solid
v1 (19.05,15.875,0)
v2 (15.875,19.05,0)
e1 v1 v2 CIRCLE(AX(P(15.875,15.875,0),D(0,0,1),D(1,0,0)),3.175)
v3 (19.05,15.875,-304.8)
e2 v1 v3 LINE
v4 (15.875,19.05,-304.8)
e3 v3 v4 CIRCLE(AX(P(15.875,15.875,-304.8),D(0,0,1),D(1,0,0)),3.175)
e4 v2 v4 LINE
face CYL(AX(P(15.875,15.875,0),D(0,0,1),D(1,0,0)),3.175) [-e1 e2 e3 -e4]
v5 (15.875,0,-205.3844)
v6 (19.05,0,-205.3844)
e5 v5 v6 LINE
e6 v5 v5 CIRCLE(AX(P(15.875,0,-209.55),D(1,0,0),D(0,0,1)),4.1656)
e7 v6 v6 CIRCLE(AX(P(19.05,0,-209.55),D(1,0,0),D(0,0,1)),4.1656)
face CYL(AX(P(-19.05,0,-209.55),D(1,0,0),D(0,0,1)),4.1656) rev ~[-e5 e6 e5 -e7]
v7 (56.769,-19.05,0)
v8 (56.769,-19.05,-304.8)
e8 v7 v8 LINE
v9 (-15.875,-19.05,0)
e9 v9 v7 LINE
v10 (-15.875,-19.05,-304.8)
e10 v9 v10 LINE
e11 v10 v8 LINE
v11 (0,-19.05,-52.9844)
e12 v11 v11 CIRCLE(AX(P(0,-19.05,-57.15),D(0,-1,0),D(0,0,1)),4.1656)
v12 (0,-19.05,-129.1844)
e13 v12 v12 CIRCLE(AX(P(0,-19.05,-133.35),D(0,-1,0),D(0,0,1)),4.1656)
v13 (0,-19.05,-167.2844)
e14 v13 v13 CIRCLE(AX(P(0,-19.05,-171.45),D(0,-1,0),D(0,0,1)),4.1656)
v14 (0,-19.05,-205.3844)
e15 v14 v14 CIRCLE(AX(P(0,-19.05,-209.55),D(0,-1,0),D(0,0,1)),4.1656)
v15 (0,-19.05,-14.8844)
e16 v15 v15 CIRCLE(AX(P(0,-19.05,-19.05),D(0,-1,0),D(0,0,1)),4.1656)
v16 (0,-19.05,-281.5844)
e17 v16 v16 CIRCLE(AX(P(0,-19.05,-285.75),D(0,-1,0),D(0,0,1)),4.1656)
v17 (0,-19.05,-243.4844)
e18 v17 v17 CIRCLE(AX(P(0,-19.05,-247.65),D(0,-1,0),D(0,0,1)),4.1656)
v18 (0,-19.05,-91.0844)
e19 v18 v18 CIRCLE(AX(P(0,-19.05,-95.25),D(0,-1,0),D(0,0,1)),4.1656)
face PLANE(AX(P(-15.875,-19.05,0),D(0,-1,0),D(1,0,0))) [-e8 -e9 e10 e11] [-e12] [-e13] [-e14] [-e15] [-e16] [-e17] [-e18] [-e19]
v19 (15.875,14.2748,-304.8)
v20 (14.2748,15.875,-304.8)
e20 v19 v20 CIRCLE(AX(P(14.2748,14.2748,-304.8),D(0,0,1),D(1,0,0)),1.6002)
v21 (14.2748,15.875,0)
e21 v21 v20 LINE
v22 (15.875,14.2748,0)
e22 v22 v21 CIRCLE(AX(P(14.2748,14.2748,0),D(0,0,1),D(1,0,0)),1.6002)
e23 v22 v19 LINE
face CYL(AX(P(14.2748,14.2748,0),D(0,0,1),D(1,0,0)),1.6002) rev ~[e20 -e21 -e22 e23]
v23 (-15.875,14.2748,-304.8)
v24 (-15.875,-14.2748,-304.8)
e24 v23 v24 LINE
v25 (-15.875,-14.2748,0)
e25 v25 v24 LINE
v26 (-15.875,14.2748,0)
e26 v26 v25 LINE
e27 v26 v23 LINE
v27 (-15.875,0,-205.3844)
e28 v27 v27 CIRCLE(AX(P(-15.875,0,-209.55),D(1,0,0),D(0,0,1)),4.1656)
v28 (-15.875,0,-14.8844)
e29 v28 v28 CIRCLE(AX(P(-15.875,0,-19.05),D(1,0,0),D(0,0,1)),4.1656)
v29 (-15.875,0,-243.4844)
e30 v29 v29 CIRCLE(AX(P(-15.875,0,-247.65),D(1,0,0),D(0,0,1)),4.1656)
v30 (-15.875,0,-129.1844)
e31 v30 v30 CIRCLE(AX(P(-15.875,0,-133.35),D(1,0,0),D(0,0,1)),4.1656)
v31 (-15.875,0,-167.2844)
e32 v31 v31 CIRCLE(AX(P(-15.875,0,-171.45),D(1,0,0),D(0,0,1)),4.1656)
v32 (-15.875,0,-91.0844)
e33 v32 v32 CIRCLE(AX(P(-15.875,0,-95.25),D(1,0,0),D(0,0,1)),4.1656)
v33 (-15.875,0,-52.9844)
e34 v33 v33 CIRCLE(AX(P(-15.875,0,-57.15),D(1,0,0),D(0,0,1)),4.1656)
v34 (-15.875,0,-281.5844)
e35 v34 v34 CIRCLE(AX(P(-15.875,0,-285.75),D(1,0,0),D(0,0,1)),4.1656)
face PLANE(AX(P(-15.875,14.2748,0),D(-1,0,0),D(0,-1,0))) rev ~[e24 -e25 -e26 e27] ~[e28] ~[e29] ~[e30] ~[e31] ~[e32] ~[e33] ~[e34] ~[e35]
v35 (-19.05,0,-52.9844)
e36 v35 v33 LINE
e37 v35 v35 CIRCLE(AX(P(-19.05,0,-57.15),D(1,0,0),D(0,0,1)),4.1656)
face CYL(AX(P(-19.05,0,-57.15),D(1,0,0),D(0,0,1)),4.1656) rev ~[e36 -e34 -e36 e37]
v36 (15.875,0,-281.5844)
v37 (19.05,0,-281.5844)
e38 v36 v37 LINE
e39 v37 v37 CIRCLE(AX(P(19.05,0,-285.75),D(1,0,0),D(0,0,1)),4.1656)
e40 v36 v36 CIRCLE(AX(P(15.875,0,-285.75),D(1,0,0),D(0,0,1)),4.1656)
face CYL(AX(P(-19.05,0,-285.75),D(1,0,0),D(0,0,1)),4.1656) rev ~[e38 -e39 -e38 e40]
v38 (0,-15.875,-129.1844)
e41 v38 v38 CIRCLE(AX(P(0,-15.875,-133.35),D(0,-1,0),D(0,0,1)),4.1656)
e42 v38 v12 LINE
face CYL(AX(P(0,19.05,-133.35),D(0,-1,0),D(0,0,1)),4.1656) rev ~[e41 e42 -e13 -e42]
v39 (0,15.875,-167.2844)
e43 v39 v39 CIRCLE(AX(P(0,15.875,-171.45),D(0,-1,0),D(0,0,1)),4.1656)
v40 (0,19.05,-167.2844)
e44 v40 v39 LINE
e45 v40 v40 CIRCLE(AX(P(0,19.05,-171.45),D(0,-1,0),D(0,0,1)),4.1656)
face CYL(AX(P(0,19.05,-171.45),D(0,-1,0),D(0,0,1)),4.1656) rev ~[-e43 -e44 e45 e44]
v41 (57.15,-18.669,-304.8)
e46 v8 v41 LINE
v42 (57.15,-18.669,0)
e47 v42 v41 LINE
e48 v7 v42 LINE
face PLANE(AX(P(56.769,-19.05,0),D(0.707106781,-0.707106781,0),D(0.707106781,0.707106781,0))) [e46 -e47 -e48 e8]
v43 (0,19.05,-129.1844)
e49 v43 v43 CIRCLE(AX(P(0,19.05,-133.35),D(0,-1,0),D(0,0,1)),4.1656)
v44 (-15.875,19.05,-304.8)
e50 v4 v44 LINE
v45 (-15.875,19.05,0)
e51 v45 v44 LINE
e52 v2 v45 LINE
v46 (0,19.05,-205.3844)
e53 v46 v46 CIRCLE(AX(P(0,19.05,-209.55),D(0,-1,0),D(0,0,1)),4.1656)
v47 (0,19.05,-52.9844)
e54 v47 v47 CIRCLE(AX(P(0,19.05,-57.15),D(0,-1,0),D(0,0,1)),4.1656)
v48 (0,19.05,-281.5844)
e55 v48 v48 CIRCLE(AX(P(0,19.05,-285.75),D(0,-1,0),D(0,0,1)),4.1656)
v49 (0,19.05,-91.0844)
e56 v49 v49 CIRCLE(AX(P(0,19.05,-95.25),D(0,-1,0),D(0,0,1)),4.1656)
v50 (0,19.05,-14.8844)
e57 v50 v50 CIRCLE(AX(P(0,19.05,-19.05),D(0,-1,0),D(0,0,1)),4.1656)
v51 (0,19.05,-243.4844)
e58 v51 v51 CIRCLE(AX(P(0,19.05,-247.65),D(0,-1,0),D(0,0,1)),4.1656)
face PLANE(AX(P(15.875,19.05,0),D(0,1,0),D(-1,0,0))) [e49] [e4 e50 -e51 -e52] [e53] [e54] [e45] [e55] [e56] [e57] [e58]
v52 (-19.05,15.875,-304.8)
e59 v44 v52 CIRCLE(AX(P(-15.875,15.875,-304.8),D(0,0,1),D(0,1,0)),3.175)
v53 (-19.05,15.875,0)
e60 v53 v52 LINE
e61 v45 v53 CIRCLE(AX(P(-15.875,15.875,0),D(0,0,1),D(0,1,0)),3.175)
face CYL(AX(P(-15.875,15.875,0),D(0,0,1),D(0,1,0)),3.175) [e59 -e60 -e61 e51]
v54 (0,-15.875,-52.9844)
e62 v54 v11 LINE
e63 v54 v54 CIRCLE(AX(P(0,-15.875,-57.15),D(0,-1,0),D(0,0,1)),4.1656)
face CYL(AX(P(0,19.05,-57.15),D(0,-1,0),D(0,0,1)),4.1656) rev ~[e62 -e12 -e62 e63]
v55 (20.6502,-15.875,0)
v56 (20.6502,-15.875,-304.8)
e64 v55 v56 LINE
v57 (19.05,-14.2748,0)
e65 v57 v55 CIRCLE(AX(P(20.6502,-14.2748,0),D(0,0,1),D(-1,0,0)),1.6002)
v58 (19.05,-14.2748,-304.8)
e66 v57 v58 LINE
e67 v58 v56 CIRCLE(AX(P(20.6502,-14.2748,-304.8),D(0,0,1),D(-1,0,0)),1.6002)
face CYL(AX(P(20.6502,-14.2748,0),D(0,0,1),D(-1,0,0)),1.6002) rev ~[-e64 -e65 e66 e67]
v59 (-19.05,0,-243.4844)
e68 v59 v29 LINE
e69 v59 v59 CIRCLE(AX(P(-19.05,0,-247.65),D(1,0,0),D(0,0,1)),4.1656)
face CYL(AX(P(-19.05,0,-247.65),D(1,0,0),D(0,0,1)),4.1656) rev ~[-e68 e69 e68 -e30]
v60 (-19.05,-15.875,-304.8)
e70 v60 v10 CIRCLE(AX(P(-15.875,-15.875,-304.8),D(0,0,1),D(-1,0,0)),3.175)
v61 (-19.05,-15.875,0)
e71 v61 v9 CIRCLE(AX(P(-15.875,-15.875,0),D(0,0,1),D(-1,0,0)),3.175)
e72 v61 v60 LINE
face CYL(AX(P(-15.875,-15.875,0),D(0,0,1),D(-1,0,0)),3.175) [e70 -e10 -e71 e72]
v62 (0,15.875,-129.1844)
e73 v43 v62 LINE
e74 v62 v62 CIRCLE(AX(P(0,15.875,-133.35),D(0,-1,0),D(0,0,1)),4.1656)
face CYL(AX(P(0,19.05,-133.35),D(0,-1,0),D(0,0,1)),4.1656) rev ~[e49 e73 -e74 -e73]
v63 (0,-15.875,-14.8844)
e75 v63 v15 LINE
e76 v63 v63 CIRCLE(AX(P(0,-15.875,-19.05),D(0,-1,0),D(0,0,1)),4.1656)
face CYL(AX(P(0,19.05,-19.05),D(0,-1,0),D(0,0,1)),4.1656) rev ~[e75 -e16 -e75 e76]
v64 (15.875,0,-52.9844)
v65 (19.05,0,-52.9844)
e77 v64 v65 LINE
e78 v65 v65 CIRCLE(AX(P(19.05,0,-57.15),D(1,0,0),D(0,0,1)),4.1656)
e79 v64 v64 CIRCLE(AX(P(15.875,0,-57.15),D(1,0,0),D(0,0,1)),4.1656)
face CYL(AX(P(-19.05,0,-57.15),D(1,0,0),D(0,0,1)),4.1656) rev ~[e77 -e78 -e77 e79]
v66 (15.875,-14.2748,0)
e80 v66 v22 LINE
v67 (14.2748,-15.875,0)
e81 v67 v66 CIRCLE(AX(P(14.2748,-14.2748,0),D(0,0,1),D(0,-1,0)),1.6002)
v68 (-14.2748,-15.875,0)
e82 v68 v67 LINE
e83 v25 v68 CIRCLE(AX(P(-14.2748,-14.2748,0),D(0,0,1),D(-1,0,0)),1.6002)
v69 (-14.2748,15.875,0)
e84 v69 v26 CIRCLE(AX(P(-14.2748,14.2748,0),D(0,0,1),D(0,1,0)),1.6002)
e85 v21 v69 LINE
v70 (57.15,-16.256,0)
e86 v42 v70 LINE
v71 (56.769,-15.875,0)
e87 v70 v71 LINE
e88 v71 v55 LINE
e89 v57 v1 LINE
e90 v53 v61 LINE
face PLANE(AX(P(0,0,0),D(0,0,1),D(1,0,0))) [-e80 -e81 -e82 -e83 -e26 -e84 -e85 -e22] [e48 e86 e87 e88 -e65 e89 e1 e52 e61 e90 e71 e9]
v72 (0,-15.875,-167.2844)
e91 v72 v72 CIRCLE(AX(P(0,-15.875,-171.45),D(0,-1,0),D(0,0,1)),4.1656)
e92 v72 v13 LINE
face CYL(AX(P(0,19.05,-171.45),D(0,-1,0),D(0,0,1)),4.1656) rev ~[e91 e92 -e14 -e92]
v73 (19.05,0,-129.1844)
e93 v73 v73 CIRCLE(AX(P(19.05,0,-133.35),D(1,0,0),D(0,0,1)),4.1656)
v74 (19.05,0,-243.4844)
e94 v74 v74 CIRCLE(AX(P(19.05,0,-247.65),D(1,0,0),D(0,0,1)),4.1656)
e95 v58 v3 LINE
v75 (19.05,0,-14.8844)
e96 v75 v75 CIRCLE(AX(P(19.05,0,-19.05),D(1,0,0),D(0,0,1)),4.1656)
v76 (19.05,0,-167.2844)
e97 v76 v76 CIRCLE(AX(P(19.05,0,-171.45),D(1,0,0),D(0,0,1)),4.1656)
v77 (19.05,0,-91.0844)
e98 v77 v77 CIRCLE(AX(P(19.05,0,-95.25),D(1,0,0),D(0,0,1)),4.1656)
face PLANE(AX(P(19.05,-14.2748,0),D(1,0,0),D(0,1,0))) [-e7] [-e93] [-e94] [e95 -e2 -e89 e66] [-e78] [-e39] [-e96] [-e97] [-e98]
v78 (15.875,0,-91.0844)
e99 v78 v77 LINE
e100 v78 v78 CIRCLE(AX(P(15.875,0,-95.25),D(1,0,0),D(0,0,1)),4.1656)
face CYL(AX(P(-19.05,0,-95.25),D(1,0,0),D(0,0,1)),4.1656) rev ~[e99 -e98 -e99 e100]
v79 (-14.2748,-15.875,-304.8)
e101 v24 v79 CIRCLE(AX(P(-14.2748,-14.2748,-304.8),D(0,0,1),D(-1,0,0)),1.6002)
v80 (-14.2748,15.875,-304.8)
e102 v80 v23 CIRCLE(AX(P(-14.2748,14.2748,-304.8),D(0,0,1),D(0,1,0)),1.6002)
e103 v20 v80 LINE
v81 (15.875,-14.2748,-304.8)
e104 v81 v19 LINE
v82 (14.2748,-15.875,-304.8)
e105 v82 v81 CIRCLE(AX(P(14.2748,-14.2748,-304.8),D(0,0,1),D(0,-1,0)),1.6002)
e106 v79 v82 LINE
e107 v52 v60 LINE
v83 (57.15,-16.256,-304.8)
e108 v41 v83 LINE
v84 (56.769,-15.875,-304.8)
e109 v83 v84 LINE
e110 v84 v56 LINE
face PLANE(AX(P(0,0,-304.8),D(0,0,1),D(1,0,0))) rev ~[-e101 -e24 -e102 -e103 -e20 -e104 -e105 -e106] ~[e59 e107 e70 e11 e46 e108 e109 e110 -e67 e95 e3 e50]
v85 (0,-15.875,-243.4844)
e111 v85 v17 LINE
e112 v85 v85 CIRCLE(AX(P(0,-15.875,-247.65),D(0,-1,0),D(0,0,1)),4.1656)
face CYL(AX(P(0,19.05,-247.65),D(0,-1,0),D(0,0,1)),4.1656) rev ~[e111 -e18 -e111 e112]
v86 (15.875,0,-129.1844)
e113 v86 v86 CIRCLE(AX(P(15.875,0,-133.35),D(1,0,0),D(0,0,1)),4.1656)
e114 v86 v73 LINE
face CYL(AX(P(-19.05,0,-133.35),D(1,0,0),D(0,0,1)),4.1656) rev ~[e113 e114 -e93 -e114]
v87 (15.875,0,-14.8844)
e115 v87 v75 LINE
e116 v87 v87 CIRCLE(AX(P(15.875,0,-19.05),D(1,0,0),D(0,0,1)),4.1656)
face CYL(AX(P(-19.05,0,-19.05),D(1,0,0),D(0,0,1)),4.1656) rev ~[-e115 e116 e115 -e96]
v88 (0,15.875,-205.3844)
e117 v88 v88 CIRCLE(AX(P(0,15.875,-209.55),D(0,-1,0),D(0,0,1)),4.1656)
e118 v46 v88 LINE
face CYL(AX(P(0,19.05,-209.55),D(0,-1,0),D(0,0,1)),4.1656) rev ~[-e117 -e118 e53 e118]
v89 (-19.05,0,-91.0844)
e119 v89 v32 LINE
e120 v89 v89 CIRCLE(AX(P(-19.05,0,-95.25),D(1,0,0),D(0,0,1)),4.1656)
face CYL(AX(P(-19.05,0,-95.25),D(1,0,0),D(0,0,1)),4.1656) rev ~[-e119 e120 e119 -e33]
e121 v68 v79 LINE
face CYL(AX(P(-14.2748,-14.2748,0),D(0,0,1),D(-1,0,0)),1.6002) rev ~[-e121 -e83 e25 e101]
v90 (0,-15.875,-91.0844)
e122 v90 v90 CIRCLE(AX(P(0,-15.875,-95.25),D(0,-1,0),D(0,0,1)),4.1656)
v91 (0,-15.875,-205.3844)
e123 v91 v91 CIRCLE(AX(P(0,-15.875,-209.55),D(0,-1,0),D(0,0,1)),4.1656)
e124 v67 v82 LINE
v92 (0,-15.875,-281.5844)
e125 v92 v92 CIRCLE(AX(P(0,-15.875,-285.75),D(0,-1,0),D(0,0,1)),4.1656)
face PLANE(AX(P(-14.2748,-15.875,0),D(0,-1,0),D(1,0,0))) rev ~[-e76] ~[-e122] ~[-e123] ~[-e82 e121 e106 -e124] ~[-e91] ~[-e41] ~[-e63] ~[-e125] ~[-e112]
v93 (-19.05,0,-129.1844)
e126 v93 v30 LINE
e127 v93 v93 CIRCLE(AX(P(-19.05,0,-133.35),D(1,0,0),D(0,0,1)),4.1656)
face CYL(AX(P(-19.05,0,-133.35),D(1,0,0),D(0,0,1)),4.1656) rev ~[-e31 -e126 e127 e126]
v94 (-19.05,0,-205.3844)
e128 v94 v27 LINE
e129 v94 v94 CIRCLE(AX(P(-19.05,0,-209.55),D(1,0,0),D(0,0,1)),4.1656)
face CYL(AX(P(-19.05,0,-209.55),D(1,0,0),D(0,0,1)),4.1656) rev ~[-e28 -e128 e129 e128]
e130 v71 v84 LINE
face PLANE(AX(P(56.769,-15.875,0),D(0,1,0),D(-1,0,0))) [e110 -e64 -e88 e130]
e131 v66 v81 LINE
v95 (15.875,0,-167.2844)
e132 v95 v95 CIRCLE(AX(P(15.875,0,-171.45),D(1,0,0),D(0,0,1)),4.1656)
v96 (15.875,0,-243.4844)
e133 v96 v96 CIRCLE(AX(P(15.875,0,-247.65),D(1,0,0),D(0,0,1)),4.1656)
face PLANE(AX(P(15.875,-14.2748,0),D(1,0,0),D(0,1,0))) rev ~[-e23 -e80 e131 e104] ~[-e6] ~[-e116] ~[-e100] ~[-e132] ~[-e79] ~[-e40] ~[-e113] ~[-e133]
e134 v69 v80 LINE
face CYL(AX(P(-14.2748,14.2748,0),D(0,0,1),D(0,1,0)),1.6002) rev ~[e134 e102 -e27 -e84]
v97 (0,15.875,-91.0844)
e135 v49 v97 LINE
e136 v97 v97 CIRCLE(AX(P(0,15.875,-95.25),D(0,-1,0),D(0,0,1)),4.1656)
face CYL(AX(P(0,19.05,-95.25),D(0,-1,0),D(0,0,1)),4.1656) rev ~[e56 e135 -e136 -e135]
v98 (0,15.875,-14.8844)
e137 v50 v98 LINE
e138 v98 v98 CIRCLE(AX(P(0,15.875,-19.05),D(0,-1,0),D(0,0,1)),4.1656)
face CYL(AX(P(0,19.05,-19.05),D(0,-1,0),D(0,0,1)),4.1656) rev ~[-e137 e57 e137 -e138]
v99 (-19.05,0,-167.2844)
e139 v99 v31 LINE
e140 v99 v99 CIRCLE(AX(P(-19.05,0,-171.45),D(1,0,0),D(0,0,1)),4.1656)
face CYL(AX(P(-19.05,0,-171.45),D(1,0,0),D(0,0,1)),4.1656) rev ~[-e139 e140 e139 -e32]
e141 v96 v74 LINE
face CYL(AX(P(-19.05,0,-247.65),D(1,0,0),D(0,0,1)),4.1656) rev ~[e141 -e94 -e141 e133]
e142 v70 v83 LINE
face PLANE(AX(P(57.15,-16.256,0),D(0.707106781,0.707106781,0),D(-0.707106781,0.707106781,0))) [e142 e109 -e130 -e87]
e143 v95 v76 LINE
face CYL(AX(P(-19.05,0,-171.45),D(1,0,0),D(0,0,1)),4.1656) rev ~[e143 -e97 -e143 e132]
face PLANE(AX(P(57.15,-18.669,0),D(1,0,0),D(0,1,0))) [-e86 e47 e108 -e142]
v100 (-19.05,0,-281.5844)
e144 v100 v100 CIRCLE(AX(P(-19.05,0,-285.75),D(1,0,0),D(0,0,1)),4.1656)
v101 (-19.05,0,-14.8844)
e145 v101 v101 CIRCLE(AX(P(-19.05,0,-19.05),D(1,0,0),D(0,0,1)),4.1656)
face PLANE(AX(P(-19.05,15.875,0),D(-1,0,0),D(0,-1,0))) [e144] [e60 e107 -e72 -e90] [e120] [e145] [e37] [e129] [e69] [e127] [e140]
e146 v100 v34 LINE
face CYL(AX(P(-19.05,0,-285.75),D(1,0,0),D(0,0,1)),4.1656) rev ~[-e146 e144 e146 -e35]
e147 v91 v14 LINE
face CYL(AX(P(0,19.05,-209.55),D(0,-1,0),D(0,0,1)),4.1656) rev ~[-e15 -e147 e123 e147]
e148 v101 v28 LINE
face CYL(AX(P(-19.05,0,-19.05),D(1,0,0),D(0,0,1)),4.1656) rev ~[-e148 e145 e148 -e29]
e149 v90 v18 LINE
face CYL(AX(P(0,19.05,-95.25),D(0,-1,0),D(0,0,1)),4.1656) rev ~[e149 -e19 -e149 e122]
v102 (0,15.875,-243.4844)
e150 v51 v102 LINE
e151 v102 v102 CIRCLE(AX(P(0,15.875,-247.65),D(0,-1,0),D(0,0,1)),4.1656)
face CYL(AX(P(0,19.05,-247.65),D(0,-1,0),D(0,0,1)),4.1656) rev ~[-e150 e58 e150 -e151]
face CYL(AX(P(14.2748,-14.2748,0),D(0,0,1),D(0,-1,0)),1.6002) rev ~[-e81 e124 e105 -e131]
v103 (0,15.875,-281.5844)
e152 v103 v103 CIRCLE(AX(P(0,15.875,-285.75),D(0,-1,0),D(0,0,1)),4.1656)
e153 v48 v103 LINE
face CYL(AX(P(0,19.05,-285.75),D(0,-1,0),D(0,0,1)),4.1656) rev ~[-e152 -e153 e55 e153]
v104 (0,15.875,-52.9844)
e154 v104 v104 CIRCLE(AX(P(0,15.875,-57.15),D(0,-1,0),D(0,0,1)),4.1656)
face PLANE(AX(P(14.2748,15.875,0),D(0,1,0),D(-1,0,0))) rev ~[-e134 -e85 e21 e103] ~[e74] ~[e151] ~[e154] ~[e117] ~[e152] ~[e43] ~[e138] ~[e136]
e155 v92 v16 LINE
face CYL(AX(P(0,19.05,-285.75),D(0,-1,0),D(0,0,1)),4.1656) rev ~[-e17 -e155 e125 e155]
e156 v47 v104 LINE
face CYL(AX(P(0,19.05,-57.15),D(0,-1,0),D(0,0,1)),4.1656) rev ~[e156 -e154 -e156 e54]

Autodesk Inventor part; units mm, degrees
ref_plane "YZ Plane" through (0, 0, 0) normal (1, 0, 0) x (0, 1, 0)
ref_plane "XZ Plane" through (0, 0, 0) normal (0, 1, 0) x (-1, 0, 0)
ref_plane "XY Plane" through (0, 0, 0) normal (0, 0, 1) x (1, 0, 0)
sketch "Sketch1" plane through (0, 0, 0) normal (0, 0, 1) x (1, 0, 0)
  arc A0 (14.2748, -15.875) -> (15.875, -14.2748) centre (14.2748, -14.2748) ccw
  line L0 (15.875, -14.2748) -> (15.875, 14.2748)
  arc A1 (15.875, 14.2748) -> (14.2748, 15.875) centre (14.2748, 14.2748) ccw
  arc A2 (-14.2748, 15.875) -> (-15.875, 14.2748) centre (-14.2748, 14.2748) ccw
  line L1 (-15.875, 14.2748) -> (-15.875, -14.2748)
  arc A3 (-15.875, -14.2748) -> (-14.2748, -15.875) centre (-14.2748, -14.2748) ccw
  line L2 (-14.2748, -15.875) -> (14.2748, -15.875)
  line L3 (14.2748, 15.875) -> (-14.2748, 15.875)
  line L4 (-15.875, -19.05) -> (56.769, -19.05)
  line L5 (56.769, -19.05) -> (57.15, -18.669)
  line L6 (57.15, -18.669) -> (57.15, -16.256)
  line L7 (57.15, -16.256) -> (56.769, -15.875)
  line L8 (56.769, -15.875) -> (20.6502, -15.875)
  arc A4 (19.05, -14.2748) -> (20.6502, -15.875) centre (20.6502, -14.2748) ccw
  line L9 (19.05, -14.2748) -> (19.05, 15.875)
  arc A5 (19.05, 15.875) -> (15.875, 19.05) centre (15.875, 15.875) ccw
  line L10 (15.875, 19.05) -> (-15.875, 19.05)
  arc A6 (-15.875, 19.05) -> (-19.05, 15.875) centre (-15.875, 15.875) ccw
  line L11 (-19.05, 15.875) -> (-19.05, -15.875)
  arc A7 (-19.05, -15.875) -> (-15.875, -19.05) centre (-15.875, -15.875) ccw
  point P0 (0, 0)
extrude "Extrusion1" add sketch "Sketch1" against normal blind 304.8
hole "Hole1" at (0, 19.05, -19.05) direction (0, -1, 0) diameter 8.3312 end through all
hole "Hole2" at (-19.05, 0, -19.05) direction (1, 0, 0) diameter 8.3312 end through all
pattern_linear "Rectangular Pattern1" count 200 spacing 38.1 along (0, 0, -1) of "Hole1", "Hole2"
properties part number "9706"
